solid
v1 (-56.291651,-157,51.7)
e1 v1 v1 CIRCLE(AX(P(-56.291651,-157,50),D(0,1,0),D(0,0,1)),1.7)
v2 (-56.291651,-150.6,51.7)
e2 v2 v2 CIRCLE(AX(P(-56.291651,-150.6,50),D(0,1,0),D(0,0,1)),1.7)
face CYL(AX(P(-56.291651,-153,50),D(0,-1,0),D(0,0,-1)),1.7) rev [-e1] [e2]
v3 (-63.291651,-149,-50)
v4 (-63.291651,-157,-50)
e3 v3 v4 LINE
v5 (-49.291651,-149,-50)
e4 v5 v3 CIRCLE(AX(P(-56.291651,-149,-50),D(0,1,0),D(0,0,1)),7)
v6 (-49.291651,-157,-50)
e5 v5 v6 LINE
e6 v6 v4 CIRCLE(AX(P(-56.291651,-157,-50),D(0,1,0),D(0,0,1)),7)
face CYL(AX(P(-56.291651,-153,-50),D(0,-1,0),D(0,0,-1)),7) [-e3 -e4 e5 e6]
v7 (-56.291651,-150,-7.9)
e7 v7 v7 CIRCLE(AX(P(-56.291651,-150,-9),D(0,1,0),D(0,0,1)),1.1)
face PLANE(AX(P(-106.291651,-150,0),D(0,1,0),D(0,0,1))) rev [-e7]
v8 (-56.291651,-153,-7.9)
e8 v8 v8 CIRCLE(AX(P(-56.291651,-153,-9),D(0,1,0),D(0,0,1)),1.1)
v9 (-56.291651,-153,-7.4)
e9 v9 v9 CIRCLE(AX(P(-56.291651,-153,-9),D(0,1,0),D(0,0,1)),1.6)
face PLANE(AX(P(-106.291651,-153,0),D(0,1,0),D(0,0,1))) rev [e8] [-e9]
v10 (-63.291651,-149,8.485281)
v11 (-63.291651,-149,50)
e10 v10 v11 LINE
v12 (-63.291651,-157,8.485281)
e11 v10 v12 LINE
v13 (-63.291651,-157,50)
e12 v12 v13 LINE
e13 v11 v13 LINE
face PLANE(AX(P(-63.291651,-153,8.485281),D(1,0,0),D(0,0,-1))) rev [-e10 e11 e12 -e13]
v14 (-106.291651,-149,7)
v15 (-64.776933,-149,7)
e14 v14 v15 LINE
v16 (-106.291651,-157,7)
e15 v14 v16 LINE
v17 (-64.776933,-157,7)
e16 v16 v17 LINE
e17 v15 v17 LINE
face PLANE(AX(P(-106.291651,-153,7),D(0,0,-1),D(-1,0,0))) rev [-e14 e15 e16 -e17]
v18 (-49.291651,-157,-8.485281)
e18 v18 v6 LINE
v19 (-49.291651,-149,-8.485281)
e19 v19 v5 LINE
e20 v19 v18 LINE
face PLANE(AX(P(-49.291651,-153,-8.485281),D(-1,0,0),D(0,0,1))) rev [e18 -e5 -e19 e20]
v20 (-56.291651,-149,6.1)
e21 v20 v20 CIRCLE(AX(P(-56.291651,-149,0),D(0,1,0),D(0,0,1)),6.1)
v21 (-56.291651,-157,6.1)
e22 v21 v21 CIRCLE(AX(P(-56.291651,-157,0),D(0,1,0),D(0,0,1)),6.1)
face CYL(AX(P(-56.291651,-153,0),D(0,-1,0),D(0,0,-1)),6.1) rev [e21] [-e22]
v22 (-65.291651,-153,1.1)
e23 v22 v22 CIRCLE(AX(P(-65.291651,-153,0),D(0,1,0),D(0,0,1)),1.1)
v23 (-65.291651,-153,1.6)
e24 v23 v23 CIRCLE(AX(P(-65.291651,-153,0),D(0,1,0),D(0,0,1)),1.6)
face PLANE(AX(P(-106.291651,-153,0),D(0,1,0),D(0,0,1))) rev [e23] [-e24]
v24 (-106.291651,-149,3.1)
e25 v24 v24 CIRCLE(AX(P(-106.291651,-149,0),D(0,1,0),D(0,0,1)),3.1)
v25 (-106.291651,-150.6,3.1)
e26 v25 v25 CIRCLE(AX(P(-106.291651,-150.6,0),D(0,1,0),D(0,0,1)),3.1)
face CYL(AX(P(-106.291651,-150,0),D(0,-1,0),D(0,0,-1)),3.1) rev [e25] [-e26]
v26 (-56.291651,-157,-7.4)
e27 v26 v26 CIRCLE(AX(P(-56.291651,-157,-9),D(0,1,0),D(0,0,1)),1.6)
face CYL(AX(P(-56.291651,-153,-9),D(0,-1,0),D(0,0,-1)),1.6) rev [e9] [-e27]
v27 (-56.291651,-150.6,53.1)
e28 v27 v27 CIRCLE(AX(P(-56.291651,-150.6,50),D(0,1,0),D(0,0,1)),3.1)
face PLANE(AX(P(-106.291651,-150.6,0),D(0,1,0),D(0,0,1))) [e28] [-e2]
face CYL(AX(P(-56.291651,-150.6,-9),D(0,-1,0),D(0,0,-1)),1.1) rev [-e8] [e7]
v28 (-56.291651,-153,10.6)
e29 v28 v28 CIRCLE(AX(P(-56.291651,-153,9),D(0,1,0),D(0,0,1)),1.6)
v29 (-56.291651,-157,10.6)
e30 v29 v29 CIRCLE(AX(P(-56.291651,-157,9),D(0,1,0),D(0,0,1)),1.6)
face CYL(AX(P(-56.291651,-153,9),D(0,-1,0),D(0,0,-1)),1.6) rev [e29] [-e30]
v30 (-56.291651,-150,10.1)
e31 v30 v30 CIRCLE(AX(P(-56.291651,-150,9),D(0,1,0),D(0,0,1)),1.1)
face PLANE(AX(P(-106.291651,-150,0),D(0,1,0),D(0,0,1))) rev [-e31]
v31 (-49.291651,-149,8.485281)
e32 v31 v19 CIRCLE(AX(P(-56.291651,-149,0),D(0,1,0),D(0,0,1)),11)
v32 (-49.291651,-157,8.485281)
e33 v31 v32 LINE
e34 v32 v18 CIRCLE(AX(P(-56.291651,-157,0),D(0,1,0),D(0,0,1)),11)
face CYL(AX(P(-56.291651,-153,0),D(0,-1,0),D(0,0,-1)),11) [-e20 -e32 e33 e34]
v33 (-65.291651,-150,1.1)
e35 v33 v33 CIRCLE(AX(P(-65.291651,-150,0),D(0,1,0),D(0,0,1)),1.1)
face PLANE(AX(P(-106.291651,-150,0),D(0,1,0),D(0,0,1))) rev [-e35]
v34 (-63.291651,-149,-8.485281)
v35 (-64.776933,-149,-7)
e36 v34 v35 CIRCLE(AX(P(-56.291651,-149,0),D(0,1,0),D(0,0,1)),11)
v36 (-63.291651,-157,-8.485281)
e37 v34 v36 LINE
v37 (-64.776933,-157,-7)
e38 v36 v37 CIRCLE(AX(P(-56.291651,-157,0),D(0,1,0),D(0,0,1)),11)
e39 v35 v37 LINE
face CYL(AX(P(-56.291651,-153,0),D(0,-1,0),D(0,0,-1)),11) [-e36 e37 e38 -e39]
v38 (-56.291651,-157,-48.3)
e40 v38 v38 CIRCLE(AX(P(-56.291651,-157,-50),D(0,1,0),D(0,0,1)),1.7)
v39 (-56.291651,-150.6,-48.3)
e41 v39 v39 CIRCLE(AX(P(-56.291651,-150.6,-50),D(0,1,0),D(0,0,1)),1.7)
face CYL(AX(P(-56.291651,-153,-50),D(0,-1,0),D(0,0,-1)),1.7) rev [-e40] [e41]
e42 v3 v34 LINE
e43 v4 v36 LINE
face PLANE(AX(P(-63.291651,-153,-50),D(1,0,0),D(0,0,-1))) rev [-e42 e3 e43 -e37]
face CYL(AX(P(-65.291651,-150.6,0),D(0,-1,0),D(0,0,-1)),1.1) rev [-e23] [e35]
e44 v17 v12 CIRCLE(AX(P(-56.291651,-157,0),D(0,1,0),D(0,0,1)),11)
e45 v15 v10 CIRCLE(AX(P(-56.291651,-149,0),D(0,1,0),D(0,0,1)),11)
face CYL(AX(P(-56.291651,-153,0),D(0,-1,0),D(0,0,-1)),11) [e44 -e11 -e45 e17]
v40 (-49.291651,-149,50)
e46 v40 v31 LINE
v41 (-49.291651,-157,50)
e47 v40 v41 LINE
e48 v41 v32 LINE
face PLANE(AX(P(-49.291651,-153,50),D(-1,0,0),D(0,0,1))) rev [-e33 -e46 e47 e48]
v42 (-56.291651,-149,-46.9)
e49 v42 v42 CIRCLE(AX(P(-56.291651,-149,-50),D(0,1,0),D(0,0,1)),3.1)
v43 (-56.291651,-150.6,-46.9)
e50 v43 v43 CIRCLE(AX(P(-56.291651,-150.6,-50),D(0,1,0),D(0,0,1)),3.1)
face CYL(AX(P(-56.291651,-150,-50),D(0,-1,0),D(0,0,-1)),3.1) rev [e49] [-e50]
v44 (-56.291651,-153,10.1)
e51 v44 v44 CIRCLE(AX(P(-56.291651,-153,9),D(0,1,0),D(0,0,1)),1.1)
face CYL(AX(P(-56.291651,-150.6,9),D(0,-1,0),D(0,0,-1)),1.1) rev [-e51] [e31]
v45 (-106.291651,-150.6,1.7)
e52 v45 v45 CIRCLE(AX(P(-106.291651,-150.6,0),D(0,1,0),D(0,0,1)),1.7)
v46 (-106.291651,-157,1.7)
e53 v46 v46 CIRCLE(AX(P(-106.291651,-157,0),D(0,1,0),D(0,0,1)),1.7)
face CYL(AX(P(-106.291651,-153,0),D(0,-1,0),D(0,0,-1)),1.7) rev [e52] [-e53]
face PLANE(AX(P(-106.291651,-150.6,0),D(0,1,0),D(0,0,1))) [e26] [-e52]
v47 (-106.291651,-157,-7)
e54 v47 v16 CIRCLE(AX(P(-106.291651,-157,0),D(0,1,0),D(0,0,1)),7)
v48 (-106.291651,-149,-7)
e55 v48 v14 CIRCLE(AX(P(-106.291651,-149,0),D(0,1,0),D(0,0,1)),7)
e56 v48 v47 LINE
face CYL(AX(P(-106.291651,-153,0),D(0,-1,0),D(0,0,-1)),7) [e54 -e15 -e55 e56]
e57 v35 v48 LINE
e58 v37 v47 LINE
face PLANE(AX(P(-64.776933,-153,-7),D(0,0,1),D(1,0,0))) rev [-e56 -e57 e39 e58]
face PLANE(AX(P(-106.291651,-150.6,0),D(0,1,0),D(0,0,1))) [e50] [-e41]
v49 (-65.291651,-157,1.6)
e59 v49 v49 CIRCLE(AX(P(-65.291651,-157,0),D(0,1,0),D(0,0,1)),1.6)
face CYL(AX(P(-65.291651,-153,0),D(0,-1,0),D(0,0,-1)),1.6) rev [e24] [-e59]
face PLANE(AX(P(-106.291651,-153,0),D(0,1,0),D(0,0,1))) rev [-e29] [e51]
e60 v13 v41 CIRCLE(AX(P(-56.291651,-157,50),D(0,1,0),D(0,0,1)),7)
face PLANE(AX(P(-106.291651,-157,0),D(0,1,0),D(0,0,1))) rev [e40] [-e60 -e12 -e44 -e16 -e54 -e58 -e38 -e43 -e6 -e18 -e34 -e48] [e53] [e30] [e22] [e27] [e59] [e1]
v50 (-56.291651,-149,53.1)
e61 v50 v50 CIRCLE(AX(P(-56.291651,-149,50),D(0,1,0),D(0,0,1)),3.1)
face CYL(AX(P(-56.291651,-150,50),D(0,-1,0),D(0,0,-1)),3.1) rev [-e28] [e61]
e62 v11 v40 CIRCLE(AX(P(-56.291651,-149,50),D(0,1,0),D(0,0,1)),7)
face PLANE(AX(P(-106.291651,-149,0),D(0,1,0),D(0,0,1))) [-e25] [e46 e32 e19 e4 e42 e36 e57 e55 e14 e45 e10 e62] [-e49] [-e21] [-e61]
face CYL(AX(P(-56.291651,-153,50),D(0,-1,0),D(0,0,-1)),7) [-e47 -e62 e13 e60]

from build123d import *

# Parameters (mm, degrees)
BASE_OUTLINE_SKETCH_R          = 1.7
BASE_OUTLINE_SKETCH_R_2        = 6.1
BASE_OUTLINE_SKETCH_R_3        = 1.6
BASE_OUTLINE_DEPTH             = 4
INTERFACE_PROFILE_2_SKETCH_R   = 1.7
INTERFACE_PROFILE_2_SKETCH_R_2 = 6.1
INTERFACE_PROFILE_2_SKETCH_R_3 = 1.1
INTERFACE_PROFILE_2_DEPTH      = 2.4
INTERFACE_PROFILE_3_SKETCH_R   = 6.1
INTERFACE_PROFILE_3_SKETCH_R_2 = 3.1
INTERFACE_PROFILE_3_SKETCH_R_3 = 1.1
INTERFACE_PROFILE_3_DEPTH      = 0.6
INTERFACE_PROFILE_4_SKETCH_R   = 6.1
INTERFACE_PROFILE_4_SKETCH_R_2 = 3.1
INTERFACE_PROFILE_4_DEPTH      = 1


with BuildPart() as part:
    # Base Outline Sketch → Base Outline (new body)
    with BuildSketch(Plane(origin=(0, -157, 0), x_dir=(1, 0, 0), z_dir=(0, 1, 0))):
        with BuildLine():
            Line((-106.291651246, -7), (-64.77693262, -7))
            ThreePointArc((-64.77693262, -7), (-64.069825839, -7.778174593), (-63.291651246, -8.485281374))
            Line((-63.291651246, -8.485281374), (-63.291651246, -50))
            ThreePointArc((-63.291651246, -50), (-56.291651246, -57), (-49.291651246, -50))
            Line((-49.291651246, -50), (-49.291651246, -8.485281374))
            ThreePointArc((-49.291651246, -8.485281374), (-45.291651246, 0), (-49.291651246, 8.485281374))
            Line((-49.291651246, 8.485281374), (-49.291651246, 50))
            ThreePointArc((-49.291651246, 50), (-56.291651246, 57), (-63.291651246, 50))
            Line((-63.291651246, 50), (-63.291651246, 8.485281374))
            ThreePointArc((-63.291651246, 8.485281374), (-64.069825839, 7.778174593), (-64.77693262, 7))
            Line((-64.77693262, 7), (-106.291651246, 7))
            ThreePointArc((-106.291651246, 7), (-113.291651246, 0), (-106.291651246, -7))
        make_face()
        with Locations(Location((-106.291651246, 0, 0), (0, 0, 270))):
            Circle(BASE_OUTLINE_SKETCH_R, mode=Mode.SUBTRACT)
        with Locations(Location((-56.291651246, 50, 0), (0, 0, 270))):
            Circle(BASE_OUTLINE_SKETCH_R, mode=Mode.SUBTRACT)
        with Locations(Location((-56.291651246, 0, 0), (0, 0, 270))):
            Circle(BASE_OUTLINE_SKETCH_R_2, mode=Mode.SUBTRACT)
        with Locations(Location((-56.291651246, -50, 0), (0, 0, 270))):
            Circle(BASE_OUTLINE_SKETCH_R, mode=Mode.SUBTRACT)
        with Locations(Location((-65.291651246, 0, 0), (0, 0, 270))):
            Circle(BASE_OUTLINE_SKETCH_R_3, mode=Mode.SUBTRACT)
        with Locations(Location((-56.291651246, -9, 0), (0, 0, 270))):
            Circle(BASE_OUTLINE_SKETCH_R_3, mode=Mode.SUBTRACT)
        with Locations(Location((-56.291651246, 9, 0), (0, 0, 270))):
            Circle(BASE_OUTLINE_SKETCH_R_3, mode=Mode.SUBTRACT)
    extrude(amount=BASE_OUTLINE_DEPTH)

    # Interface Profile 2 Sketch → Interface Profile 2 (add)
    with BuildSketch(Plane(origin=(0, -153, 0), x_dir=(1, 0, 0), z_dir=(0, 1, 0))):
        with BuildLine():
            Line((-106.291651246, -7), (-64.77693262, -7))
            ThreePointArc((-64.77693262, -7), (-64.069825839, -7.778174593), (-63.291651246, -8.485281374))
            Line((-63.291651246, -8.485281374), (-63.291651246, -50))
            ThreePointArc((-63.291651246, -50), (-56.291651246, -57), (-49.291651246, -50))
            Line((-49.291651246, -50), (-49.291651246, -8.485281374))
            ThreePointArc((-49.291651246, -8.485281374), (-45.291651246, 0), (-49.291651246, 8.485281374))
            Line((-49.291651246, 8.485281374), (-49.291651246, 50))
            ThreePointArc((-49.291651246, 50), (-56.291651246, 57), (-63.291651246, 50))
            Line((-63.291651246, 50), (-63.291651246, 8.485281374))
            ThreePointArc((-63.291651246, 8.485281374), (-64.069825839, 7.778174593), (-64.77693262, 7))
            Line((-64.77693262, 7), (-106.291651246, 7))
            ThreePointArc((-106.291651246, 7), (-113.291651246, 0), (-106.291651246, -7))
        make_face()
        with Locations(Location((-106.291651246, 0, 0), (0, 0, 270))):
            Circle(INTERFACE_PROFILE_2_SKETCH_R, mode=Mode.SUBTRACT)
        with Locations(Location((-56.291651246, 50, 0), (0, 0, 270))):
            Circle(INTERFACE_PROFILE_2_SKETCH_R, mode=Mode.SUBTRACT)
        with Locations(Location((-56.291651246, 0, 0), (0, 0, 270))):
            Circle(INTERFACE_PROFILE_2_SKETCH_R_2, mode=Mode.SUBTRACT)
        with Locations(Location((-56.291651246, -50, 0), (0, 0, 270))):
            Circle(INTERFACE_PROFILE_2_SKETCH_R, mode=Mode.SUBTRACT)
        with Locations(Location((-65.291651246, 0, 0), (0, 0, 270))):
            Circle(INTERFACE_PROFILE_2_SKETCH_R_3, mode=Mode.SUBTRACT)
        with Locations(Location((-56.291651246, -9, 0), (0, 0, 270))):
            Circle(INTERFACE_PROFILE_2_SKETCH_R_3, mode=Mode.SUBTRACT)
        with Locations(Location((-56.291651246, 9, 0), (0, 0, 270))):
            Circle(INTERFACE_PROFILE_2_SKETCH_R_3, mode=Mode.SUBTRACT)
    extrude(amount=INTERFACE_PROFILE_2_DEPTH)

    # Interface Profile 3 Sketch → Interface Profile 3 (add)
    with BuildSketch(Plane(origin=(0, -150.6, 0), x_dir=(1, 0, 0), z_dir=(0, 1, 0))):
        with BuildLine():
            Line((-106.291651246, -7), (-64.77693262, -7))
            ThreePointArc((-64.77693262, -7), (-64.069825839, -7.778174593), (-63.291651246, -8.485281374))
            Line((-63.291651246, -8.485281374), (-63.291651246, -50))
            ThreePointArc((-63.291651246, -50), (-56.291651246, -57), (-49.291651246, -50))
            Line((-49.291651246, -50), (-49.291651246, -8.485281374))
            ThreePointArc((-49.291651246, -8.485281374), (-45.291651246, 0), (-49.291651246, 8.485281374))
            Line((-49.291651246, 8.485281374), (-49.291651246, 50))
            ThreePointArc((-49.291651246, 50), (-56.291651246, 57), (-63.291651246, 50))
            Line((-63.291651246, 50), (-63.291651246, 8.485281374))
            ThreePointArc((-63.291651246, 8.485281374), (-64.069825839, 7.778174593), (-64.77693262, 7))
            Line((-64.77693262, 7), (-106.291651246, 7))
            ThreePointArc((-106.291651246, 7), (-113.291651246, 0), (-106.291651246, -7))
        make_face()
        with Locations(Location((-56.291651246, 0, 0), (0, 0, 270))):
            Circle(INTERFACE_PROFILE_3_SKETCH_R, mode=Mode.SUBTRACT)
        with Locations(Location((-106.291651246, 0, 0), (0, 0, 270))):
            Circle(INTERFACE_PROFILE_3_SKETCH_R_2, mode=Mode.SUBTRACT)
        with Locations(Location((-56.291651246, 50, 0), (0, 0, 270))):
            Circle(INTERFACE_PROFILE_3_SKETCH_R_2, mode=Mode.SUBTRACT)
        with Locations(Location((-56.291651246, -50, 0), (0, 0, 270))):
            Circle(INTERFACE_PROFILE_3_SKETCH_R_2, mode=Mode.SUBTRACT)
        with Locations(Location((-65.291651246, 0, 0), (0, 0, 270))):
            Circle(INTERFACE_PROFILE_3_SKETCH_R_3, mode=Mode.SUBTRACT)
        with Locations(Location((-56.291651246, -9, 0), (0, 0, 270))):
            Circle(INTERFACE_PROFILE_3_SKETCH_R_3, mode=Mode.SUBTRACT)
        with Locations(Location((-56.291651246, 9, 0), (0, 0, 270))):
            Circle(INTERFACE_PROFILE_3_SKETCH_R_3, mode=Mode.SUBTRACT)
    extrude(amount=INTERFACE_PROFILE_3_DEPTH)

    # Interface Profile 4 Sketch → Interface Profile 4 (add)
    with BuildSketch(Plane(origin=(0, -150, 0), x_dir=(1, 0, 0), z_dir=(0, 1, 0))):
        with BuildLine():
            Line((-106.291651246, -7), (-64.77693262, -7))
            ThreePointArc((-64.77693262, -7), (-64.069825839, -7.778174593), (-63.291651246, -8.485281374))
            Line((-63.291651246, -8.485281374), (-63.291651246, -50))
            ThreePointArc((-63.291651246, -50), (-56.291651246, -57), (-49.291651246, -50))
            Line((-49.291651246, -50), (-49.291651246, -8.485281374))
            ThreePointArc((-49.291651246, -8.485281374), (-45.291651246, 0), (-49.291651246, 8.485281374))
            Line((-49.291651246, 8.485281374), (-49.291651246, 50))
            ThreePointArc((-49.291651246, 50), (-56.291651246, 57), (-63.291651246, 50))
            Line((-63.291651246, 50), (-63.291651246, 8.485281374))
            ThreePointArc((-63.291651246, 8.485281374), (-64.069825839, 7.778174593), (-64.77693262, 7))
            Line((-64.77693262, 7), (-106.291651246, 7))
            ThreePointArc((-106.291651246, 7), (-113.291651246, 0), (-106.291651246, -7))
        make_face()
        with Locations(Location((-56.291651246, 0, 0), (0, 0, 270))):
            Circle(INTERFACE_PROFILE_4_SKETCH_R, mode=Mode.SUBTRACT)
        with Locations(Location((-106.291651246, 0, 0), (0, 0, 270))):
            Circle(INTERFACE_PROFILE_4_SKETCH_R_2, mode=Mode.SUBTRACT)
        with Locations(Location((-56.291651246, 50, 0), (0, 0, 270))):
            Circle(INTERFACE_PROFILE_4_SKETCH_R_2, mode=Mode.SUBTRACT)
        with Locations(Location((-56.291651246, -50, 0), (0, 0, 270))):
            Circle(INTERFACE_PROFILE_4_SKETCH_R_2, mode=Mode.SUBTRACT)
    extrude(amount=INTERFACE_PROFILE_4_DEPTH)


solid = part.part
